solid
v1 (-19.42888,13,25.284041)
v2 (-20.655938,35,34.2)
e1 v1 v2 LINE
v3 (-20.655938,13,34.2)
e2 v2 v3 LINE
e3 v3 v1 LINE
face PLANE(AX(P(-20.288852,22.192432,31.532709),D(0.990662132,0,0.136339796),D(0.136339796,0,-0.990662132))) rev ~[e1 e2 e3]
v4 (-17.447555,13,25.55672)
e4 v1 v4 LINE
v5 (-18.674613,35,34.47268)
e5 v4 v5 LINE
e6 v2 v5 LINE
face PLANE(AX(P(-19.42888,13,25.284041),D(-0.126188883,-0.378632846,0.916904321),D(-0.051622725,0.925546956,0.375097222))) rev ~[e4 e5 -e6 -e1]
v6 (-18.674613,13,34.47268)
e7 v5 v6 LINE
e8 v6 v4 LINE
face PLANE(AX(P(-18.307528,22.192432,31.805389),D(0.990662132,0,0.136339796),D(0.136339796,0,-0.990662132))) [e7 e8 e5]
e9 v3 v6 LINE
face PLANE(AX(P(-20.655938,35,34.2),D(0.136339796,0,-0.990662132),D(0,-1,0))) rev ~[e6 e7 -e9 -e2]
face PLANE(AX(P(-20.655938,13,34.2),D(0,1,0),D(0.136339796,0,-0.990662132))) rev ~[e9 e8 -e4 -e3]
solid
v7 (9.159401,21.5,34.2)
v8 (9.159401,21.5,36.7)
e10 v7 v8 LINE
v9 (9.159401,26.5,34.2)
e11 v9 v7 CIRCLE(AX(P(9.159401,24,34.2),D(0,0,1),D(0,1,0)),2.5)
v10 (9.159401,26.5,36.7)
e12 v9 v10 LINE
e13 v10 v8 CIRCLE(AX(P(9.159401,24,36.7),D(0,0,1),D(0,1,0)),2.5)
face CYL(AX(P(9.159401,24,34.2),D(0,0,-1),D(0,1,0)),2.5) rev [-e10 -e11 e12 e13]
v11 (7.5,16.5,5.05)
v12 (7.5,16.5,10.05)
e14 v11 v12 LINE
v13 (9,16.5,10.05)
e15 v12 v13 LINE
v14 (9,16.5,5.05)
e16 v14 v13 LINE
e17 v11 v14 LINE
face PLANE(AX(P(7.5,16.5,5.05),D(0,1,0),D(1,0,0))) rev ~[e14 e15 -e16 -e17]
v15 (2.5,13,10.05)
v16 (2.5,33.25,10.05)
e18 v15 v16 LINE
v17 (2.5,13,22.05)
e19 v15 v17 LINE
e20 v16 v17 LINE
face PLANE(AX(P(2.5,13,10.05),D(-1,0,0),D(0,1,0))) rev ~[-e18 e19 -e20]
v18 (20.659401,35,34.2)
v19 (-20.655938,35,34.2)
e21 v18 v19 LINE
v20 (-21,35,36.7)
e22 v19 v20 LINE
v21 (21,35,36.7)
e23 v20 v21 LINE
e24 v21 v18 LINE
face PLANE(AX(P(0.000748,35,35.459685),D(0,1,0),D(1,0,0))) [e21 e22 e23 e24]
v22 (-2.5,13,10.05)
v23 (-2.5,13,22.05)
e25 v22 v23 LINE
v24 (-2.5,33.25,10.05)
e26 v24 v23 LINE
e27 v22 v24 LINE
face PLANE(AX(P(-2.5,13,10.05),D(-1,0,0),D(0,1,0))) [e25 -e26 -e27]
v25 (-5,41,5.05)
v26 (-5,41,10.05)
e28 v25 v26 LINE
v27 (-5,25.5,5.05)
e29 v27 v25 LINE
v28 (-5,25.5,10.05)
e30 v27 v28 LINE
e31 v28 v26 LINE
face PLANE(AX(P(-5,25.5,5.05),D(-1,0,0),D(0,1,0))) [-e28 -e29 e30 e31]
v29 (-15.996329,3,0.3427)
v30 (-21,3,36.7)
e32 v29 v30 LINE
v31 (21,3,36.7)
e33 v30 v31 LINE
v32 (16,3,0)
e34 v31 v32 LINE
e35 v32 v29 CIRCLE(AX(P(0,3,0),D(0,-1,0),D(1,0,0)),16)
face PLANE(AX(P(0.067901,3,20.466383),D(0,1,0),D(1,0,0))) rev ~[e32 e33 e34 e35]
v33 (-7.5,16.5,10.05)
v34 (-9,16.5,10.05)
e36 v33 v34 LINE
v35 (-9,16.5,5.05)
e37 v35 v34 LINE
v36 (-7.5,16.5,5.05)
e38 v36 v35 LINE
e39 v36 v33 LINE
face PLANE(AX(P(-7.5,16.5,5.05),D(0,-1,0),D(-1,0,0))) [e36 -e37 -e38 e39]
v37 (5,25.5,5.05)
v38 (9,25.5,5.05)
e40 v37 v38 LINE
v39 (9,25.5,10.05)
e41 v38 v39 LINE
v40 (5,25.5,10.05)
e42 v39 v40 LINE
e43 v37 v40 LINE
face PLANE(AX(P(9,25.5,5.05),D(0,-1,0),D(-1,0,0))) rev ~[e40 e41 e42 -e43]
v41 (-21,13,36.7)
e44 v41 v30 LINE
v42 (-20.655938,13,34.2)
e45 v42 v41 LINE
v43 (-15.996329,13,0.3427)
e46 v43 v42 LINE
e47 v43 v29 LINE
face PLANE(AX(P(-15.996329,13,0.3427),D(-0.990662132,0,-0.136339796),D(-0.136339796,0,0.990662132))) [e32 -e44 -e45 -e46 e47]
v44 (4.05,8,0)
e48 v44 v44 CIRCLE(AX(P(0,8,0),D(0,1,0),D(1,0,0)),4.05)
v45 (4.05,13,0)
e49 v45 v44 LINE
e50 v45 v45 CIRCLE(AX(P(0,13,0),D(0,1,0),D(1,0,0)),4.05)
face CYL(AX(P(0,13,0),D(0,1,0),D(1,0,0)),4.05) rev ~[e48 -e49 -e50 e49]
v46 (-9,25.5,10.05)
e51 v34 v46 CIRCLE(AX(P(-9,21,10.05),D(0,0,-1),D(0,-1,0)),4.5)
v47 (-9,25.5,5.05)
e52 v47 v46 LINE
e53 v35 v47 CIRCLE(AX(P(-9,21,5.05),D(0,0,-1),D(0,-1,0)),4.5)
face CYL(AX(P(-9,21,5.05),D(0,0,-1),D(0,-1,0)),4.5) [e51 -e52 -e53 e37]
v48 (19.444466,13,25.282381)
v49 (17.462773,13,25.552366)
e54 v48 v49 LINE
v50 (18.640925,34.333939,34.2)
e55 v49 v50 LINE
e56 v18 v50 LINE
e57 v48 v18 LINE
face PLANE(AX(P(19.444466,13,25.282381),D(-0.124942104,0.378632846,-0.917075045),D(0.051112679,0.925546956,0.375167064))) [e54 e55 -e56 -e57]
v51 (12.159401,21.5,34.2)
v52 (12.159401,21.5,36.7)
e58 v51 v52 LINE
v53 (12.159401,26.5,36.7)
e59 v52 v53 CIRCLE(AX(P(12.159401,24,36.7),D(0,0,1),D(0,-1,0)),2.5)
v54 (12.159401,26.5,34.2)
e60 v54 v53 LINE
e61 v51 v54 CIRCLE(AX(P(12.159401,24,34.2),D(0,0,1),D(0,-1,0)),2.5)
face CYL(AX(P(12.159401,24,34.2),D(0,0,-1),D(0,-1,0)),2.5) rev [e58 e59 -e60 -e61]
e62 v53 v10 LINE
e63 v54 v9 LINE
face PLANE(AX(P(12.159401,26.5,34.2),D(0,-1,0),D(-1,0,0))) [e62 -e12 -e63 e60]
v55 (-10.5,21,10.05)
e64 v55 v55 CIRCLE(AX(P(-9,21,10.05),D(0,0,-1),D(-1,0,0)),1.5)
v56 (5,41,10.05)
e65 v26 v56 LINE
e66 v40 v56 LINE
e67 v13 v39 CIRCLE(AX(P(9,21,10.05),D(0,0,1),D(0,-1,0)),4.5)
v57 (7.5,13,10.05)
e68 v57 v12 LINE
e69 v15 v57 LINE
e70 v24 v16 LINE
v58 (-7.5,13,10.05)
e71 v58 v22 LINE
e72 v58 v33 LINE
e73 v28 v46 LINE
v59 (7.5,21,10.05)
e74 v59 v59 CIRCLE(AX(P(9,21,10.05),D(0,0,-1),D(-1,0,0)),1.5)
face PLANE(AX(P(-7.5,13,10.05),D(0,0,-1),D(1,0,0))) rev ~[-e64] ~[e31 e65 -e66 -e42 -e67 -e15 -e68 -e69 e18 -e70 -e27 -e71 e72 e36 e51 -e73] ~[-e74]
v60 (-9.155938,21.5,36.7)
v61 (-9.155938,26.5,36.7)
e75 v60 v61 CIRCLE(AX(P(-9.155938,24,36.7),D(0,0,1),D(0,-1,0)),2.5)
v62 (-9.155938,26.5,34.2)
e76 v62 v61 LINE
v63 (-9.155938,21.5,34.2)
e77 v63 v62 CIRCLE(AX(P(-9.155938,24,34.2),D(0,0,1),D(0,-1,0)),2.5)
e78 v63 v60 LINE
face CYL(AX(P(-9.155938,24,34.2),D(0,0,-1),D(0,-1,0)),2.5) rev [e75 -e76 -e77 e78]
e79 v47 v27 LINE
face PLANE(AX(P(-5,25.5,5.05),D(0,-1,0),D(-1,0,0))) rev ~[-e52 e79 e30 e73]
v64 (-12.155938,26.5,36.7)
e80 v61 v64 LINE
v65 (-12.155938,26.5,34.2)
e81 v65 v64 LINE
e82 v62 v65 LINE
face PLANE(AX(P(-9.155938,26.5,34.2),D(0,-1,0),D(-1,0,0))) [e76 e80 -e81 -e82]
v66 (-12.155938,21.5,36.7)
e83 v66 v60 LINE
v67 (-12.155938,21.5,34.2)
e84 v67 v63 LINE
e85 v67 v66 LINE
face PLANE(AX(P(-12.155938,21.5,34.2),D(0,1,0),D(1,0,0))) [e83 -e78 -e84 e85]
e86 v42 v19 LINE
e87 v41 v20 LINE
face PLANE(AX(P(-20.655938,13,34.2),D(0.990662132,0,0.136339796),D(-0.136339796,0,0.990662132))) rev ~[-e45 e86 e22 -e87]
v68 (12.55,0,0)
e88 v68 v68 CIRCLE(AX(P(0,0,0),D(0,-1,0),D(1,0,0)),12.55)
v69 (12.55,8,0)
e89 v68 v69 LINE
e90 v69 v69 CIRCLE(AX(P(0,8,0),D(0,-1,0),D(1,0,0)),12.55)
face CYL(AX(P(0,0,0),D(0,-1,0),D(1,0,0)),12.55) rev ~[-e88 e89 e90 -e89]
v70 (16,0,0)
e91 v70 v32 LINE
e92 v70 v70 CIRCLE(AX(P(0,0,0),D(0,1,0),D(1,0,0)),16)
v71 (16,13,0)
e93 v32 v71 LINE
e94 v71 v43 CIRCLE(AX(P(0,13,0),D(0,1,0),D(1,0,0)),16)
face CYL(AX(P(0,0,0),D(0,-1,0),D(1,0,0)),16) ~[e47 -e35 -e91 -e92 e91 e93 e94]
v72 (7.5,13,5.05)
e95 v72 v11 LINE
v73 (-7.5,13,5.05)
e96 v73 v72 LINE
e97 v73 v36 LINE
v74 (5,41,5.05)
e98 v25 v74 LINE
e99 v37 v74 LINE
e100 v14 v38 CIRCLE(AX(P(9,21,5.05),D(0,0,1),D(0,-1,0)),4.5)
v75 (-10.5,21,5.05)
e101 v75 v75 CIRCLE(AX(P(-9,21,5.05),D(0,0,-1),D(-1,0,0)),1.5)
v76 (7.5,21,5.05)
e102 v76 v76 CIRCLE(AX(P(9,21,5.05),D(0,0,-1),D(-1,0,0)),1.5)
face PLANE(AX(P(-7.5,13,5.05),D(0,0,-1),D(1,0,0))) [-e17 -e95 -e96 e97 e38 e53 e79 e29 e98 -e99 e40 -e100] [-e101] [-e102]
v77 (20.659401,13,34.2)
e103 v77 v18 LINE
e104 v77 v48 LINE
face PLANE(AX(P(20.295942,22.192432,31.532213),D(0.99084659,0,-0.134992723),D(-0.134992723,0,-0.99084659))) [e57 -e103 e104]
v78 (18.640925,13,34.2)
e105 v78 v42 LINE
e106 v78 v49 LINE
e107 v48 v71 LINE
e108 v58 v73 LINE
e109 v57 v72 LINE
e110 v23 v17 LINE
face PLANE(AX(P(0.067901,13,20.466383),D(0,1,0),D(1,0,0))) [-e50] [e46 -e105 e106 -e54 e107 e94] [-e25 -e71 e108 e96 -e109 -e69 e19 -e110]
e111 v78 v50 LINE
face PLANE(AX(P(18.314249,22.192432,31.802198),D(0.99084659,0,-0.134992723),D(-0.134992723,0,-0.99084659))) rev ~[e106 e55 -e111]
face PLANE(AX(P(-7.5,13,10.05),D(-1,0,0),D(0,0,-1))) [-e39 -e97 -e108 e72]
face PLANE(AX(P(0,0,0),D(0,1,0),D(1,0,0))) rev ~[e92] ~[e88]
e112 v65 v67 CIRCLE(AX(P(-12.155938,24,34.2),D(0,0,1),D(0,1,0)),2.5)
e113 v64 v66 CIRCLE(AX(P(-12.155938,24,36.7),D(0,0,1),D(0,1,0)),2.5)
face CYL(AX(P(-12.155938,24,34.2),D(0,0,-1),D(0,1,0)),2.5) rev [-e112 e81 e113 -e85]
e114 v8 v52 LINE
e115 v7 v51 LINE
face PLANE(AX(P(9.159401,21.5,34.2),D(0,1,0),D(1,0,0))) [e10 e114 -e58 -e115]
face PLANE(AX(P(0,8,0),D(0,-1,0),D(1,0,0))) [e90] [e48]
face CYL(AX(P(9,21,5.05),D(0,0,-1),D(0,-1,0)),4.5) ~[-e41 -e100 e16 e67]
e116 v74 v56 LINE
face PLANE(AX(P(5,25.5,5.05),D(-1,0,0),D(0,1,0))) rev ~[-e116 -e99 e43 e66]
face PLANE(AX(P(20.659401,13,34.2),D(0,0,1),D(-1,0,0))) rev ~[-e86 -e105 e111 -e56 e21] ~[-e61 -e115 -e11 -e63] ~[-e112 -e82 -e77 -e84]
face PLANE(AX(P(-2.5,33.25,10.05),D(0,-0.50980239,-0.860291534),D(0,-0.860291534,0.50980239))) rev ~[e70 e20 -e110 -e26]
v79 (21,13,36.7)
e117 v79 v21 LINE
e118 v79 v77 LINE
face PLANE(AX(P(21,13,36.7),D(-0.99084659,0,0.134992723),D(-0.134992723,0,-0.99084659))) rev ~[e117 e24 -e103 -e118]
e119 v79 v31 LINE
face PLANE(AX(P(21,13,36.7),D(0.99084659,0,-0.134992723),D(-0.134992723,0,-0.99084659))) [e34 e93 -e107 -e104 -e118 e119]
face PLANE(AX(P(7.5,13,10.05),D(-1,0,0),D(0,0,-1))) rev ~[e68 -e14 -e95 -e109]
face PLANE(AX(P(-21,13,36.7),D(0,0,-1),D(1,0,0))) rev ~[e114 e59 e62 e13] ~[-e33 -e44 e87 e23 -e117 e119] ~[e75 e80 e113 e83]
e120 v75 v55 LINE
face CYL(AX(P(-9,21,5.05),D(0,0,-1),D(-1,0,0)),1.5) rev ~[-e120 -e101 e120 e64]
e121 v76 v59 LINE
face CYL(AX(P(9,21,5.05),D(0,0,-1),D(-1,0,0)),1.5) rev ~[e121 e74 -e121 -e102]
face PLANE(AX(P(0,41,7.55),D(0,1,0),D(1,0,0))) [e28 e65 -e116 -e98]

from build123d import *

# Parameters (mm, degrees)
SKETCH1_R            = 16
BOSS_EXTRUDE1_DEPTH  = 13
SKETCH2_R            = 12.55
CUT_EXTRUDE1_DEPTH   = 8
SKETCH3_R            = 4.05
CUT_EXTRUDE2_DEPTH   = 5
SKETCH4_W            = 15
SKETCH4_H            = 5
BOSS_EXTRUDE2_DEPTH  = 28
BOSS_EXTRUDE5_DEPTH  = 5
SKETCH7_R            = 1.5
SKETCH7_W            = 2.5
SKETCH7_H            = 15.5
CUT_EXTRUDE3_DEPTH   = 5
BOSS_EXTRUDE6_DEPTH  = 10
BOSS_EXTRUDE7_DEPTH  = 22
CUT_EXTRUDE5_DEPTH   = 2.5
BOSS_EXTRUDE8_DEPTH  = 2
BOSS_EXTRUDE9_DEPTH  = 2
SKETCH14_W           = 5
SKETCH14_H           = 20.25
BOSS_EXTRUDE10_DEPTH = 12
CUT_EXTRUDE6_DEPTH   = 5


with BuildPart() as part:
    # Sketch1 → Boss-Extrude1 (new body)
    with BuildSketch(Plane(origin=(0, 0, 0), x_dir=(1, 0, 0), z_dir=(0, 1, 0))):
        Circle(SKETCH1_R)
    extrude(amount=BOSS_EXTRUDE1_DEPTH)

    # Sketch2 → Cut-Extrude1 (cut)
    with BuildSketch(Plane.XZ):
        Circle(SKETCH2_R)
    extrude(amount=-CUT_EXTRUDE1_DEPTH, mode=Mode.SUBTRACT)

    # Sketch3 → Cut-Extrude2 (cut)
    with BuildSketch(Plane(origin=(0, 13, 0), x_dir=(1, 0, 0), z_dir=(0, 1, 0))):
        Circle(SKETCH3_R)
    extrude(amount=-CUT_EXTRUDE2_DEPTH, mode=Mode.SUBTRACT)

    # Sketch4 → Boss-Extrude2 (add)
    with BuildSketch(Plane(origin=(0, 13, 0), x_dir=(1, 0, 0), z_dir=(0, 1, 0))):
        with Locations((0, -7.55)):
            Rectangle(SKETCH4_W, SKETCH4_H)
    extrude(amount=BOSS_EXTRUDE2_DEPTH)

    # Sketch6 → Boss-Extrude5 (add)
    with BuildSketch(Plane(origin=(0, 0, 5.05), x_dir=(-1, 0, 0), z_dir=(0, 0, -1))):
        with BuildLine():
            Line((7.5, 16.5), (9, 16.5))
            ThreePointArc((9, 16.5), (13.5, 21), (9, 25.5))
            Line((9, 25.5), (7.5, 25.5))
            Line((7.5, 25.5), (7.5, 16.5))
        make_face()
        with BuildLine():
            Line((-7.5, 16.5), (-9, 16.5))
            ThreePointArc((-9, 16.5), (-13.5, 21), (-9, 25.5))
            Line((-9, 25.5), (-7.5, 25.5))
            Line((-7.5, 25.5), (-7.5, 16.5))
        make_face()
    extrude(amount=-BOSS_EXTRUDE5_DEPTH)

    # Sketch7 → Cut-Extrude3 (cut)
    with BuildSketch(Plane(origin=(0, 0, 5.05), x_dir=(-1, 0, 0), z_dir=(0, 0, -1))):
        with Locations((-9, 21)):
            Circle(SKETCH7_R)
        with Locations((9, 21)):
            Circle(SKETCH7_R)
        with Locations((6.25, 33.25)):
            Rectangle(SKETCH7_W, SKETCH7_H)
        with Locations((-6.25, 33.25)):
            Rectangle(SKETCH7_W, SKETCH7_H)
    extrude(amount=-CUT_EXTRUDE3_DEPTH, mode=Mode.SUBTRACT)

    # Sketch8 → Boss-Extrude6 (add)
    with BuildSketch(Plane(origin=(0, 13, 0), x_dir=(1, 0, 0), z_dir=(0, 1, 0))):
        with BuildLine():
            Line((-21, -36.7), (21, -36.7))
            Line((21, -36.7), (16, 0))
            ThreePointArc((16, 0), (0.171359704, -15.999082344), (-15.996329481, -0.342699752))
            Line((-15.996329481, -0.342699752), (-21, -36.7))
        make_face()
    extrude(amount=-BOSS_EXTRUDE6_DEPTH)

    # Sketch9 → Boss-Extrude7 (add)
    with BuildSketch(Plane(origin=(0, 13, 0), x_dir=(1, 0, 0), z_dir=(0, 1, 0))):
        Polygon((-21, -36.7), (21, -36.7), (20.659400545, -34.2), (-20.655937701, -34.2), align=None)
    extrude(amount=BOSS_EXTRUDE7_DEPTH)

    # Sketch11 → Cut-Extrude5 (cut)
    with BuildSketch(Plane(origin=(0, 0, 34.2), x_dir=(-1, 0, 0), z_dir=(0, 0, -1))):
        with BuildLine():
            Line((12.155937701, 21.5), (9.155937701, 21.5))
            ThreePointArc((9.155937701, 21.5), (6.655937701, 24), (9.155937701, 26.5))
            Line((9.155937701, 26.5), (12.155937701, 26.5))
            ThreePointArc((12.155937701, 26.5), (14.655937701, 24), (12.155937701, 21.5))
        make_face()
        with BuildLine():
            Line((-9.159400545, 21.5), (-12.159400545, 21.5))
            ThreePointArc((-12.159400545, 21.5), (-14.659400545, 24), (-12.159400545, 26.5))
            Line((-12.159400545, 26.5), (-9.159400545, 26.5))
            ThreePointArc((-9.159400545, 26.5), (-6.659400545, 24), (-9.159400545, 21.5))
        make_face()
    extrude(amount=-CUT_EXTRUDE5_DEPTH, mode=Mode.SUBTRACT)

    # Sketch13 → Boss-Extrude9 (add)
    with BuildSketch(Plane(origin=(15.708431434, 0, -2.140113274), x_dir=(-0.134992723, 0, -0.99084659), z_dir=(0.99084659, 0, -0.134992723))):
        Polygon((-36.675822117, 13), (-27.675822117, 13), (-36.675822117, 35), align=None)
    extrude(amount=-BOSS_EXTRUDE9_DEPTH)

    # Sketch14 → Boss-Extrude10 (add)
    with BuildSketch(Plane.XY.offset(10.05)):
        with Locations((0, 23.125)):
            Rectangle(SKETCH14_W, SKETCH14_H)
    extrude(amount=BOSS_EXTRUDE10_DEPTH)

    # Sketch15 → Cut-Extrude6 (cut)
    with BuildSketch(Plane.ZY.offset(2.5)):
        Polygon((10.05, 33.25), (22.05, 13), (22.05, 33.25), align=None)
    extrude(amount=-CUT_EXTRUDE6_DEPTH, mode=Mode.SUBTRACT)


with BuildPart() as body_2:
    # Sketch12 → Boss-Extrude8 (new body)
    with BuildSketch(Plane(origin=(-15.652693756, 0, -2.154200717), x_dir=(-0.136339796, 0, 0.990662132), z_dir=(-0.990662132, 0, -0.136339796))):
        Polygon((36.696871253, 13), (27.696871253, 13), (36.696871253, 35), align=None)
    extrude(amount=-BOSS_EXTRUDE8_DEPTH)


solid = Compound([part.part, body_2.part])
